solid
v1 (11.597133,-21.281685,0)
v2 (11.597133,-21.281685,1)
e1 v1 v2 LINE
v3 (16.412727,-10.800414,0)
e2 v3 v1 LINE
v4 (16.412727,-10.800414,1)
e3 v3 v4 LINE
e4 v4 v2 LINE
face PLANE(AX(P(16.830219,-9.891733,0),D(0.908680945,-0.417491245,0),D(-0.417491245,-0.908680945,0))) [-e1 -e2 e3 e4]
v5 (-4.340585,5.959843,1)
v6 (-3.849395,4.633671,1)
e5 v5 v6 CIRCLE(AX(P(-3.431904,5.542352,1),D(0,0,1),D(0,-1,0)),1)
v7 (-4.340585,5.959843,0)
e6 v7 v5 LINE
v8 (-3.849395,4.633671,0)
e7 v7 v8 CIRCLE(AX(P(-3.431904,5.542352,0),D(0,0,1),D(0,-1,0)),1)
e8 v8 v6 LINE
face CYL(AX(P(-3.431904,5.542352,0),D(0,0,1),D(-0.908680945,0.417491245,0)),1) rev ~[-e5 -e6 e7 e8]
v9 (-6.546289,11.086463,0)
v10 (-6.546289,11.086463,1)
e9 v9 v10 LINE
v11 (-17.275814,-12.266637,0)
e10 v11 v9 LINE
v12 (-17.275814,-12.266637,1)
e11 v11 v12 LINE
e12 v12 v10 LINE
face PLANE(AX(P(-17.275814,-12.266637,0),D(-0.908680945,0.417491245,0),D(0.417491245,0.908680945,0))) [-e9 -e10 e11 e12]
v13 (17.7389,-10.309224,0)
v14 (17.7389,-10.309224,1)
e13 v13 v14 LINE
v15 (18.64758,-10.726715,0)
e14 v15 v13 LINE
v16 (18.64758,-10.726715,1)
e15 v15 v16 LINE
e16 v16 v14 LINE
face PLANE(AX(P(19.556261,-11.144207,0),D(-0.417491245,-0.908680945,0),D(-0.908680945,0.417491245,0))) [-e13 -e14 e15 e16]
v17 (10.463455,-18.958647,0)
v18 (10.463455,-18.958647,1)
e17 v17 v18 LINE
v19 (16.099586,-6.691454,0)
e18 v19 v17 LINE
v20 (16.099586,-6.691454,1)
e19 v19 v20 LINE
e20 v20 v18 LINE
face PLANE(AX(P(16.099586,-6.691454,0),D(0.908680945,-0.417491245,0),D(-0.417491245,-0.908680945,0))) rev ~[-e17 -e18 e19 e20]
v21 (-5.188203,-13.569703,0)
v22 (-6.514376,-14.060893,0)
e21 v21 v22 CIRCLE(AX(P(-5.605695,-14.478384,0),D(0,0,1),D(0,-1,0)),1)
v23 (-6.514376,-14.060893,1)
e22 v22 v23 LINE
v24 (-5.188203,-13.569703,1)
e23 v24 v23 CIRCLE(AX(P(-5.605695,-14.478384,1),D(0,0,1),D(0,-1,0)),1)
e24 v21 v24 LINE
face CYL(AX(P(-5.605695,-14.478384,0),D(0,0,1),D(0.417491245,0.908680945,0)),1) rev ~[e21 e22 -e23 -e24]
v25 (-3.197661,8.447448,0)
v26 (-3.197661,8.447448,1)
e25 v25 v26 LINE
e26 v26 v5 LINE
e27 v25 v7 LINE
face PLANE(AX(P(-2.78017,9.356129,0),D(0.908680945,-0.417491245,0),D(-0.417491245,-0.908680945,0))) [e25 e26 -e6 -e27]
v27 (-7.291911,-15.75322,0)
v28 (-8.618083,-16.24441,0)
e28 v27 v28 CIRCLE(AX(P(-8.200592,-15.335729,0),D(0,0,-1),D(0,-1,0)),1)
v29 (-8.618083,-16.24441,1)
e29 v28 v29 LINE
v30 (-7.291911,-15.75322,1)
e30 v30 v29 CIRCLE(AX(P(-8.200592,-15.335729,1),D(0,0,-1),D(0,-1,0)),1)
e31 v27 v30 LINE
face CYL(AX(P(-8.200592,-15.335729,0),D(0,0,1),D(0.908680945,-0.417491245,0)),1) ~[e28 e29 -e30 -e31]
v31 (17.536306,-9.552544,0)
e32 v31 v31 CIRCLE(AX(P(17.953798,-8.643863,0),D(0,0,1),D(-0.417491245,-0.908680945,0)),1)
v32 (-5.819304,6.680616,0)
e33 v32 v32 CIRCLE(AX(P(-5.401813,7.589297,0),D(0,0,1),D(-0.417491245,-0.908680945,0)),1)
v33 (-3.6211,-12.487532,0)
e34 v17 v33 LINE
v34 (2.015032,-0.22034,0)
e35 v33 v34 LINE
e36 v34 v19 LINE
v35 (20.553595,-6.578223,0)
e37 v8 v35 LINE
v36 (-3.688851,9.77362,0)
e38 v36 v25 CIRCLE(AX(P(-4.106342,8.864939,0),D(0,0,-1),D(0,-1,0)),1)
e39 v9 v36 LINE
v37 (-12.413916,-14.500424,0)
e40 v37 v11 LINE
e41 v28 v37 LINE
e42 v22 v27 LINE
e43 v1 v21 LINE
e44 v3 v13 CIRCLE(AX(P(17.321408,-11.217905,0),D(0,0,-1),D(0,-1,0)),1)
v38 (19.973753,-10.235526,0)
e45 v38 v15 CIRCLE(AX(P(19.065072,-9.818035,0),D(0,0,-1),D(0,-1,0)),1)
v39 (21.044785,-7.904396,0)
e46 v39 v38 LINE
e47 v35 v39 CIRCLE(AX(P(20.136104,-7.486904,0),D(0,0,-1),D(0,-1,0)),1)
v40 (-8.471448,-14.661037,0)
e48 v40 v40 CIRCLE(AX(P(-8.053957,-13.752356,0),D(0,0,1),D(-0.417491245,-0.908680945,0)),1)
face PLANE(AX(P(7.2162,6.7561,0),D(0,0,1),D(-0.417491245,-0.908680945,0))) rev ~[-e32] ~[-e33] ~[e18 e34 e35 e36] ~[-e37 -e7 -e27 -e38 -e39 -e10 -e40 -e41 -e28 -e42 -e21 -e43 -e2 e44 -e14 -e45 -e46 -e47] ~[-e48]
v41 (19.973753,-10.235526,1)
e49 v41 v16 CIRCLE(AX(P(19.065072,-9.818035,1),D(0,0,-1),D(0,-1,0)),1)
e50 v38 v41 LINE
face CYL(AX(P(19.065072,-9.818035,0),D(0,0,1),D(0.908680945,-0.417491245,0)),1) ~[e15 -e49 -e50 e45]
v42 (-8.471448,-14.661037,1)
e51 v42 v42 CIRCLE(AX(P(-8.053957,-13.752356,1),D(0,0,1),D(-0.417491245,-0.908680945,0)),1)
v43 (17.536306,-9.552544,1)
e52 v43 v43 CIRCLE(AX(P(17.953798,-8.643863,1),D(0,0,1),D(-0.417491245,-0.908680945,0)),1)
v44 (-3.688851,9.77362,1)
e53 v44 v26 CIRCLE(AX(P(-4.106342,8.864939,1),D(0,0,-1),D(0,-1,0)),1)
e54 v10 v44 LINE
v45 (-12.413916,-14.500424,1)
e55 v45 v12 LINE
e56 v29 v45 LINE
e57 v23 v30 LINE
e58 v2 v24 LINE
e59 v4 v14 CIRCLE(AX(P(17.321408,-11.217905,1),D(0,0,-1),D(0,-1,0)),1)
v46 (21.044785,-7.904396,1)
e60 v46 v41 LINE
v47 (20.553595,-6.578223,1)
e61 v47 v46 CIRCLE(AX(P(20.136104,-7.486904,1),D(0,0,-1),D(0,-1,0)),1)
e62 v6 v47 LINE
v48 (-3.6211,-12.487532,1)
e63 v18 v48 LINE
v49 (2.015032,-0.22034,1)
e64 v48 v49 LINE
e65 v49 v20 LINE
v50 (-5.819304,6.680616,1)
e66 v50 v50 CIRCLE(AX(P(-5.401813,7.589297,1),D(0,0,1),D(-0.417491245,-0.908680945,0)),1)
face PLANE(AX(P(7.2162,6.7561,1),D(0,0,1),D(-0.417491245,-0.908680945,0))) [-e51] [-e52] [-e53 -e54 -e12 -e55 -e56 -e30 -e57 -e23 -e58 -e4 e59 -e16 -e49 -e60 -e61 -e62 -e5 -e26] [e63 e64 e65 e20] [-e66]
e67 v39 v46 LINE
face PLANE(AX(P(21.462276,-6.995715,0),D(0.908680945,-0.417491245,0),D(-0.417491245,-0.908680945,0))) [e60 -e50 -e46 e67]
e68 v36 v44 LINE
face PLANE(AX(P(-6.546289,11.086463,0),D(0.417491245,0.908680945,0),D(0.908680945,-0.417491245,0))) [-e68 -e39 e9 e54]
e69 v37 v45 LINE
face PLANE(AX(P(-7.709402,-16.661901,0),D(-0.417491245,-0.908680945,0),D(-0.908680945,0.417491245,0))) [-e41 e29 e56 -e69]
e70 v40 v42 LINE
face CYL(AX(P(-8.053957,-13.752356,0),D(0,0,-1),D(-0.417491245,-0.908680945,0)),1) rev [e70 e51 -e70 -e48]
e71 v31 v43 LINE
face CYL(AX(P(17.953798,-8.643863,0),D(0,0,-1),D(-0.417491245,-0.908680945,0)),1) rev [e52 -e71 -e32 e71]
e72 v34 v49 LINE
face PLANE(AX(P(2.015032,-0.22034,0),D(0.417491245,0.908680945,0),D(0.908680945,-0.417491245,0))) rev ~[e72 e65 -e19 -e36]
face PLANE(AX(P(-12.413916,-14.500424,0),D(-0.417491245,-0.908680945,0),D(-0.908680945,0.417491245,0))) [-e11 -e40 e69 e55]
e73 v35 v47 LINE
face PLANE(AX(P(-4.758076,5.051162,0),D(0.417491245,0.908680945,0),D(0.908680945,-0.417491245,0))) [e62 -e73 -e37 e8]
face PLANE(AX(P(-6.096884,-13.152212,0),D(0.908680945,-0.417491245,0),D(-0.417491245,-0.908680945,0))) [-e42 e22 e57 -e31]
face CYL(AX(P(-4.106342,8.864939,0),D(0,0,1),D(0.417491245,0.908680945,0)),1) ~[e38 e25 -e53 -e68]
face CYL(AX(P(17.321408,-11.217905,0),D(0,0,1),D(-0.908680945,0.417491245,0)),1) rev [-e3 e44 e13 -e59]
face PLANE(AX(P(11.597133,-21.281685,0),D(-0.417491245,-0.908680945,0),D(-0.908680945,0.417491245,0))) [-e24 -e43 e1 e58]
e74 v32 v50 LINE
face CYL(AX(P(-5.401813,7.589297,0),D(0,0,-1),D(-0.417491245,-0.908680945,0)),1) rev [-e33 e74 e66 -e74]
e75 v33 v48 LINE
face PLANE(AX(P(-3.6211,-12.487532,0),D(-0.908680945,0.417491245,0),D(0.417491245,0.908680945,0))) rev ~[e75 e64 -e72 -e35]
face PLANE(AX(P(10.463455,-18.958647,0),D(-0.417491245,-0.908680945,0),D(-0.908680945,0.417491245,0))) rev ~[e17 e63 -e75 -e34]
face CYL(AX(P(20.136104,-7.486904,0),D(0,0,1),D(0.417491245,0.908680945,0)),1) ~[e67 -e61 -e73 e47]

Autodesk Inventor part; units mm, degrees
ref_plane "YZ Plane" through (0, 0, 0) normal (1, 0, 0) x (0, 1, 0)
ref_plane "XZ Plane" through (0, 0, 0) normal (0, 1, 0) x (-1, 0, 0)
ref_plane "XY Plane" through (0, 0, 0) normal (0, 0, 1) x (1, 0, 0)
ref_plane "Work Plane1" through (7.2162, 6.7561, 0) normal (0, 0, 1) x (-0.4175, -0.9087, 0)
sketch "Sketch1" plane through (7.2162, 6.7561, 0) normal (0, 0, 1) x (-0.4175, -0.9087, 0)
  circle A0 centre (9.5108, 16.1864) radius 1
  circle A1 centre (25.0108, -5.3136) radius 1
  circle A2 centre (4.5108, -11.8136) radius 1
  line L0 (22.0108, -1.8136) -> (8.5108, -1.8136)
  line L1 (8.5108, -1.8136) -> (8.5108, 13.6864)
  line L2 (8.5108, 13.6864) -> (22.0108, 13.6864)
  line L3 (22.0108, 13.6864) -> (22.0108, -1.8136)
  line L4 (11.1138, 15.6864) -> (23.6484, 15.6864)
  line L5 (23.6484, 15.6864) -> (23.6484, -3.7858)
  line L6 (23.6484, -3.7858) -> (27.5108, -3.7858)
  line L7 (27.5108, -3.7858) -> (27.5108, -8.9631)
  line L8 (27.5108, -8.9631) -> (27.5108, -14.3136)
  line L9 (27.5108, -14.3136) -> (1.8108, -14.3136)
  line L10 (1.8108, -14.3136) -> (1.8108, -10.169)
  line L11 (1.8108, -10.169) -> (6.5484, -10.169)
  line L12 (6.5484, -10.169) -> (6.5484, 18.6864)
  line L13 (6.5484, 18.6864) -> (11.1138, 18.6864)
  line L14 (11.1138, 18.6864) -> (11.1138, 15.6864)
  point P0 (9.1519, -3.7364)
  dimension "d0" = 2
  dimension "d1" = 2
  dimension "d2" = 2
  dimension "d3" = 28
  dimension "d5" = 15.5
  dimension "d6" = 5
  dimension "d8" = 20.5
  dimension "d9" = 2.5
  dimension "d10" = 1
  dimension "d12" = 3
  dimension "d13" = 33
  dimension "d14" = 25.7
  dimension "d15" = 17.1
  dimension "d23" = 30.5
  dimension "d24" = 9
  dimension "d25" = 2.5
extrude "Extrusion1" add sketch "Sketch1" along normal blind 1
fillet "Fillet1" radius 1 7 edges at (21.4621, -6.996, 0.5) (19.556, -11.1444, 0.5) (16.83, -9.8919, 0.5) (-6.0973, -13.1521, 0.5) (-7.7098, -16.6617, 0.5) (-2.7802, 9.3562, 0.5) (-4.7582, 5.0513, 0.5)
properties part number "00_KES400_Bluray_Lens"
